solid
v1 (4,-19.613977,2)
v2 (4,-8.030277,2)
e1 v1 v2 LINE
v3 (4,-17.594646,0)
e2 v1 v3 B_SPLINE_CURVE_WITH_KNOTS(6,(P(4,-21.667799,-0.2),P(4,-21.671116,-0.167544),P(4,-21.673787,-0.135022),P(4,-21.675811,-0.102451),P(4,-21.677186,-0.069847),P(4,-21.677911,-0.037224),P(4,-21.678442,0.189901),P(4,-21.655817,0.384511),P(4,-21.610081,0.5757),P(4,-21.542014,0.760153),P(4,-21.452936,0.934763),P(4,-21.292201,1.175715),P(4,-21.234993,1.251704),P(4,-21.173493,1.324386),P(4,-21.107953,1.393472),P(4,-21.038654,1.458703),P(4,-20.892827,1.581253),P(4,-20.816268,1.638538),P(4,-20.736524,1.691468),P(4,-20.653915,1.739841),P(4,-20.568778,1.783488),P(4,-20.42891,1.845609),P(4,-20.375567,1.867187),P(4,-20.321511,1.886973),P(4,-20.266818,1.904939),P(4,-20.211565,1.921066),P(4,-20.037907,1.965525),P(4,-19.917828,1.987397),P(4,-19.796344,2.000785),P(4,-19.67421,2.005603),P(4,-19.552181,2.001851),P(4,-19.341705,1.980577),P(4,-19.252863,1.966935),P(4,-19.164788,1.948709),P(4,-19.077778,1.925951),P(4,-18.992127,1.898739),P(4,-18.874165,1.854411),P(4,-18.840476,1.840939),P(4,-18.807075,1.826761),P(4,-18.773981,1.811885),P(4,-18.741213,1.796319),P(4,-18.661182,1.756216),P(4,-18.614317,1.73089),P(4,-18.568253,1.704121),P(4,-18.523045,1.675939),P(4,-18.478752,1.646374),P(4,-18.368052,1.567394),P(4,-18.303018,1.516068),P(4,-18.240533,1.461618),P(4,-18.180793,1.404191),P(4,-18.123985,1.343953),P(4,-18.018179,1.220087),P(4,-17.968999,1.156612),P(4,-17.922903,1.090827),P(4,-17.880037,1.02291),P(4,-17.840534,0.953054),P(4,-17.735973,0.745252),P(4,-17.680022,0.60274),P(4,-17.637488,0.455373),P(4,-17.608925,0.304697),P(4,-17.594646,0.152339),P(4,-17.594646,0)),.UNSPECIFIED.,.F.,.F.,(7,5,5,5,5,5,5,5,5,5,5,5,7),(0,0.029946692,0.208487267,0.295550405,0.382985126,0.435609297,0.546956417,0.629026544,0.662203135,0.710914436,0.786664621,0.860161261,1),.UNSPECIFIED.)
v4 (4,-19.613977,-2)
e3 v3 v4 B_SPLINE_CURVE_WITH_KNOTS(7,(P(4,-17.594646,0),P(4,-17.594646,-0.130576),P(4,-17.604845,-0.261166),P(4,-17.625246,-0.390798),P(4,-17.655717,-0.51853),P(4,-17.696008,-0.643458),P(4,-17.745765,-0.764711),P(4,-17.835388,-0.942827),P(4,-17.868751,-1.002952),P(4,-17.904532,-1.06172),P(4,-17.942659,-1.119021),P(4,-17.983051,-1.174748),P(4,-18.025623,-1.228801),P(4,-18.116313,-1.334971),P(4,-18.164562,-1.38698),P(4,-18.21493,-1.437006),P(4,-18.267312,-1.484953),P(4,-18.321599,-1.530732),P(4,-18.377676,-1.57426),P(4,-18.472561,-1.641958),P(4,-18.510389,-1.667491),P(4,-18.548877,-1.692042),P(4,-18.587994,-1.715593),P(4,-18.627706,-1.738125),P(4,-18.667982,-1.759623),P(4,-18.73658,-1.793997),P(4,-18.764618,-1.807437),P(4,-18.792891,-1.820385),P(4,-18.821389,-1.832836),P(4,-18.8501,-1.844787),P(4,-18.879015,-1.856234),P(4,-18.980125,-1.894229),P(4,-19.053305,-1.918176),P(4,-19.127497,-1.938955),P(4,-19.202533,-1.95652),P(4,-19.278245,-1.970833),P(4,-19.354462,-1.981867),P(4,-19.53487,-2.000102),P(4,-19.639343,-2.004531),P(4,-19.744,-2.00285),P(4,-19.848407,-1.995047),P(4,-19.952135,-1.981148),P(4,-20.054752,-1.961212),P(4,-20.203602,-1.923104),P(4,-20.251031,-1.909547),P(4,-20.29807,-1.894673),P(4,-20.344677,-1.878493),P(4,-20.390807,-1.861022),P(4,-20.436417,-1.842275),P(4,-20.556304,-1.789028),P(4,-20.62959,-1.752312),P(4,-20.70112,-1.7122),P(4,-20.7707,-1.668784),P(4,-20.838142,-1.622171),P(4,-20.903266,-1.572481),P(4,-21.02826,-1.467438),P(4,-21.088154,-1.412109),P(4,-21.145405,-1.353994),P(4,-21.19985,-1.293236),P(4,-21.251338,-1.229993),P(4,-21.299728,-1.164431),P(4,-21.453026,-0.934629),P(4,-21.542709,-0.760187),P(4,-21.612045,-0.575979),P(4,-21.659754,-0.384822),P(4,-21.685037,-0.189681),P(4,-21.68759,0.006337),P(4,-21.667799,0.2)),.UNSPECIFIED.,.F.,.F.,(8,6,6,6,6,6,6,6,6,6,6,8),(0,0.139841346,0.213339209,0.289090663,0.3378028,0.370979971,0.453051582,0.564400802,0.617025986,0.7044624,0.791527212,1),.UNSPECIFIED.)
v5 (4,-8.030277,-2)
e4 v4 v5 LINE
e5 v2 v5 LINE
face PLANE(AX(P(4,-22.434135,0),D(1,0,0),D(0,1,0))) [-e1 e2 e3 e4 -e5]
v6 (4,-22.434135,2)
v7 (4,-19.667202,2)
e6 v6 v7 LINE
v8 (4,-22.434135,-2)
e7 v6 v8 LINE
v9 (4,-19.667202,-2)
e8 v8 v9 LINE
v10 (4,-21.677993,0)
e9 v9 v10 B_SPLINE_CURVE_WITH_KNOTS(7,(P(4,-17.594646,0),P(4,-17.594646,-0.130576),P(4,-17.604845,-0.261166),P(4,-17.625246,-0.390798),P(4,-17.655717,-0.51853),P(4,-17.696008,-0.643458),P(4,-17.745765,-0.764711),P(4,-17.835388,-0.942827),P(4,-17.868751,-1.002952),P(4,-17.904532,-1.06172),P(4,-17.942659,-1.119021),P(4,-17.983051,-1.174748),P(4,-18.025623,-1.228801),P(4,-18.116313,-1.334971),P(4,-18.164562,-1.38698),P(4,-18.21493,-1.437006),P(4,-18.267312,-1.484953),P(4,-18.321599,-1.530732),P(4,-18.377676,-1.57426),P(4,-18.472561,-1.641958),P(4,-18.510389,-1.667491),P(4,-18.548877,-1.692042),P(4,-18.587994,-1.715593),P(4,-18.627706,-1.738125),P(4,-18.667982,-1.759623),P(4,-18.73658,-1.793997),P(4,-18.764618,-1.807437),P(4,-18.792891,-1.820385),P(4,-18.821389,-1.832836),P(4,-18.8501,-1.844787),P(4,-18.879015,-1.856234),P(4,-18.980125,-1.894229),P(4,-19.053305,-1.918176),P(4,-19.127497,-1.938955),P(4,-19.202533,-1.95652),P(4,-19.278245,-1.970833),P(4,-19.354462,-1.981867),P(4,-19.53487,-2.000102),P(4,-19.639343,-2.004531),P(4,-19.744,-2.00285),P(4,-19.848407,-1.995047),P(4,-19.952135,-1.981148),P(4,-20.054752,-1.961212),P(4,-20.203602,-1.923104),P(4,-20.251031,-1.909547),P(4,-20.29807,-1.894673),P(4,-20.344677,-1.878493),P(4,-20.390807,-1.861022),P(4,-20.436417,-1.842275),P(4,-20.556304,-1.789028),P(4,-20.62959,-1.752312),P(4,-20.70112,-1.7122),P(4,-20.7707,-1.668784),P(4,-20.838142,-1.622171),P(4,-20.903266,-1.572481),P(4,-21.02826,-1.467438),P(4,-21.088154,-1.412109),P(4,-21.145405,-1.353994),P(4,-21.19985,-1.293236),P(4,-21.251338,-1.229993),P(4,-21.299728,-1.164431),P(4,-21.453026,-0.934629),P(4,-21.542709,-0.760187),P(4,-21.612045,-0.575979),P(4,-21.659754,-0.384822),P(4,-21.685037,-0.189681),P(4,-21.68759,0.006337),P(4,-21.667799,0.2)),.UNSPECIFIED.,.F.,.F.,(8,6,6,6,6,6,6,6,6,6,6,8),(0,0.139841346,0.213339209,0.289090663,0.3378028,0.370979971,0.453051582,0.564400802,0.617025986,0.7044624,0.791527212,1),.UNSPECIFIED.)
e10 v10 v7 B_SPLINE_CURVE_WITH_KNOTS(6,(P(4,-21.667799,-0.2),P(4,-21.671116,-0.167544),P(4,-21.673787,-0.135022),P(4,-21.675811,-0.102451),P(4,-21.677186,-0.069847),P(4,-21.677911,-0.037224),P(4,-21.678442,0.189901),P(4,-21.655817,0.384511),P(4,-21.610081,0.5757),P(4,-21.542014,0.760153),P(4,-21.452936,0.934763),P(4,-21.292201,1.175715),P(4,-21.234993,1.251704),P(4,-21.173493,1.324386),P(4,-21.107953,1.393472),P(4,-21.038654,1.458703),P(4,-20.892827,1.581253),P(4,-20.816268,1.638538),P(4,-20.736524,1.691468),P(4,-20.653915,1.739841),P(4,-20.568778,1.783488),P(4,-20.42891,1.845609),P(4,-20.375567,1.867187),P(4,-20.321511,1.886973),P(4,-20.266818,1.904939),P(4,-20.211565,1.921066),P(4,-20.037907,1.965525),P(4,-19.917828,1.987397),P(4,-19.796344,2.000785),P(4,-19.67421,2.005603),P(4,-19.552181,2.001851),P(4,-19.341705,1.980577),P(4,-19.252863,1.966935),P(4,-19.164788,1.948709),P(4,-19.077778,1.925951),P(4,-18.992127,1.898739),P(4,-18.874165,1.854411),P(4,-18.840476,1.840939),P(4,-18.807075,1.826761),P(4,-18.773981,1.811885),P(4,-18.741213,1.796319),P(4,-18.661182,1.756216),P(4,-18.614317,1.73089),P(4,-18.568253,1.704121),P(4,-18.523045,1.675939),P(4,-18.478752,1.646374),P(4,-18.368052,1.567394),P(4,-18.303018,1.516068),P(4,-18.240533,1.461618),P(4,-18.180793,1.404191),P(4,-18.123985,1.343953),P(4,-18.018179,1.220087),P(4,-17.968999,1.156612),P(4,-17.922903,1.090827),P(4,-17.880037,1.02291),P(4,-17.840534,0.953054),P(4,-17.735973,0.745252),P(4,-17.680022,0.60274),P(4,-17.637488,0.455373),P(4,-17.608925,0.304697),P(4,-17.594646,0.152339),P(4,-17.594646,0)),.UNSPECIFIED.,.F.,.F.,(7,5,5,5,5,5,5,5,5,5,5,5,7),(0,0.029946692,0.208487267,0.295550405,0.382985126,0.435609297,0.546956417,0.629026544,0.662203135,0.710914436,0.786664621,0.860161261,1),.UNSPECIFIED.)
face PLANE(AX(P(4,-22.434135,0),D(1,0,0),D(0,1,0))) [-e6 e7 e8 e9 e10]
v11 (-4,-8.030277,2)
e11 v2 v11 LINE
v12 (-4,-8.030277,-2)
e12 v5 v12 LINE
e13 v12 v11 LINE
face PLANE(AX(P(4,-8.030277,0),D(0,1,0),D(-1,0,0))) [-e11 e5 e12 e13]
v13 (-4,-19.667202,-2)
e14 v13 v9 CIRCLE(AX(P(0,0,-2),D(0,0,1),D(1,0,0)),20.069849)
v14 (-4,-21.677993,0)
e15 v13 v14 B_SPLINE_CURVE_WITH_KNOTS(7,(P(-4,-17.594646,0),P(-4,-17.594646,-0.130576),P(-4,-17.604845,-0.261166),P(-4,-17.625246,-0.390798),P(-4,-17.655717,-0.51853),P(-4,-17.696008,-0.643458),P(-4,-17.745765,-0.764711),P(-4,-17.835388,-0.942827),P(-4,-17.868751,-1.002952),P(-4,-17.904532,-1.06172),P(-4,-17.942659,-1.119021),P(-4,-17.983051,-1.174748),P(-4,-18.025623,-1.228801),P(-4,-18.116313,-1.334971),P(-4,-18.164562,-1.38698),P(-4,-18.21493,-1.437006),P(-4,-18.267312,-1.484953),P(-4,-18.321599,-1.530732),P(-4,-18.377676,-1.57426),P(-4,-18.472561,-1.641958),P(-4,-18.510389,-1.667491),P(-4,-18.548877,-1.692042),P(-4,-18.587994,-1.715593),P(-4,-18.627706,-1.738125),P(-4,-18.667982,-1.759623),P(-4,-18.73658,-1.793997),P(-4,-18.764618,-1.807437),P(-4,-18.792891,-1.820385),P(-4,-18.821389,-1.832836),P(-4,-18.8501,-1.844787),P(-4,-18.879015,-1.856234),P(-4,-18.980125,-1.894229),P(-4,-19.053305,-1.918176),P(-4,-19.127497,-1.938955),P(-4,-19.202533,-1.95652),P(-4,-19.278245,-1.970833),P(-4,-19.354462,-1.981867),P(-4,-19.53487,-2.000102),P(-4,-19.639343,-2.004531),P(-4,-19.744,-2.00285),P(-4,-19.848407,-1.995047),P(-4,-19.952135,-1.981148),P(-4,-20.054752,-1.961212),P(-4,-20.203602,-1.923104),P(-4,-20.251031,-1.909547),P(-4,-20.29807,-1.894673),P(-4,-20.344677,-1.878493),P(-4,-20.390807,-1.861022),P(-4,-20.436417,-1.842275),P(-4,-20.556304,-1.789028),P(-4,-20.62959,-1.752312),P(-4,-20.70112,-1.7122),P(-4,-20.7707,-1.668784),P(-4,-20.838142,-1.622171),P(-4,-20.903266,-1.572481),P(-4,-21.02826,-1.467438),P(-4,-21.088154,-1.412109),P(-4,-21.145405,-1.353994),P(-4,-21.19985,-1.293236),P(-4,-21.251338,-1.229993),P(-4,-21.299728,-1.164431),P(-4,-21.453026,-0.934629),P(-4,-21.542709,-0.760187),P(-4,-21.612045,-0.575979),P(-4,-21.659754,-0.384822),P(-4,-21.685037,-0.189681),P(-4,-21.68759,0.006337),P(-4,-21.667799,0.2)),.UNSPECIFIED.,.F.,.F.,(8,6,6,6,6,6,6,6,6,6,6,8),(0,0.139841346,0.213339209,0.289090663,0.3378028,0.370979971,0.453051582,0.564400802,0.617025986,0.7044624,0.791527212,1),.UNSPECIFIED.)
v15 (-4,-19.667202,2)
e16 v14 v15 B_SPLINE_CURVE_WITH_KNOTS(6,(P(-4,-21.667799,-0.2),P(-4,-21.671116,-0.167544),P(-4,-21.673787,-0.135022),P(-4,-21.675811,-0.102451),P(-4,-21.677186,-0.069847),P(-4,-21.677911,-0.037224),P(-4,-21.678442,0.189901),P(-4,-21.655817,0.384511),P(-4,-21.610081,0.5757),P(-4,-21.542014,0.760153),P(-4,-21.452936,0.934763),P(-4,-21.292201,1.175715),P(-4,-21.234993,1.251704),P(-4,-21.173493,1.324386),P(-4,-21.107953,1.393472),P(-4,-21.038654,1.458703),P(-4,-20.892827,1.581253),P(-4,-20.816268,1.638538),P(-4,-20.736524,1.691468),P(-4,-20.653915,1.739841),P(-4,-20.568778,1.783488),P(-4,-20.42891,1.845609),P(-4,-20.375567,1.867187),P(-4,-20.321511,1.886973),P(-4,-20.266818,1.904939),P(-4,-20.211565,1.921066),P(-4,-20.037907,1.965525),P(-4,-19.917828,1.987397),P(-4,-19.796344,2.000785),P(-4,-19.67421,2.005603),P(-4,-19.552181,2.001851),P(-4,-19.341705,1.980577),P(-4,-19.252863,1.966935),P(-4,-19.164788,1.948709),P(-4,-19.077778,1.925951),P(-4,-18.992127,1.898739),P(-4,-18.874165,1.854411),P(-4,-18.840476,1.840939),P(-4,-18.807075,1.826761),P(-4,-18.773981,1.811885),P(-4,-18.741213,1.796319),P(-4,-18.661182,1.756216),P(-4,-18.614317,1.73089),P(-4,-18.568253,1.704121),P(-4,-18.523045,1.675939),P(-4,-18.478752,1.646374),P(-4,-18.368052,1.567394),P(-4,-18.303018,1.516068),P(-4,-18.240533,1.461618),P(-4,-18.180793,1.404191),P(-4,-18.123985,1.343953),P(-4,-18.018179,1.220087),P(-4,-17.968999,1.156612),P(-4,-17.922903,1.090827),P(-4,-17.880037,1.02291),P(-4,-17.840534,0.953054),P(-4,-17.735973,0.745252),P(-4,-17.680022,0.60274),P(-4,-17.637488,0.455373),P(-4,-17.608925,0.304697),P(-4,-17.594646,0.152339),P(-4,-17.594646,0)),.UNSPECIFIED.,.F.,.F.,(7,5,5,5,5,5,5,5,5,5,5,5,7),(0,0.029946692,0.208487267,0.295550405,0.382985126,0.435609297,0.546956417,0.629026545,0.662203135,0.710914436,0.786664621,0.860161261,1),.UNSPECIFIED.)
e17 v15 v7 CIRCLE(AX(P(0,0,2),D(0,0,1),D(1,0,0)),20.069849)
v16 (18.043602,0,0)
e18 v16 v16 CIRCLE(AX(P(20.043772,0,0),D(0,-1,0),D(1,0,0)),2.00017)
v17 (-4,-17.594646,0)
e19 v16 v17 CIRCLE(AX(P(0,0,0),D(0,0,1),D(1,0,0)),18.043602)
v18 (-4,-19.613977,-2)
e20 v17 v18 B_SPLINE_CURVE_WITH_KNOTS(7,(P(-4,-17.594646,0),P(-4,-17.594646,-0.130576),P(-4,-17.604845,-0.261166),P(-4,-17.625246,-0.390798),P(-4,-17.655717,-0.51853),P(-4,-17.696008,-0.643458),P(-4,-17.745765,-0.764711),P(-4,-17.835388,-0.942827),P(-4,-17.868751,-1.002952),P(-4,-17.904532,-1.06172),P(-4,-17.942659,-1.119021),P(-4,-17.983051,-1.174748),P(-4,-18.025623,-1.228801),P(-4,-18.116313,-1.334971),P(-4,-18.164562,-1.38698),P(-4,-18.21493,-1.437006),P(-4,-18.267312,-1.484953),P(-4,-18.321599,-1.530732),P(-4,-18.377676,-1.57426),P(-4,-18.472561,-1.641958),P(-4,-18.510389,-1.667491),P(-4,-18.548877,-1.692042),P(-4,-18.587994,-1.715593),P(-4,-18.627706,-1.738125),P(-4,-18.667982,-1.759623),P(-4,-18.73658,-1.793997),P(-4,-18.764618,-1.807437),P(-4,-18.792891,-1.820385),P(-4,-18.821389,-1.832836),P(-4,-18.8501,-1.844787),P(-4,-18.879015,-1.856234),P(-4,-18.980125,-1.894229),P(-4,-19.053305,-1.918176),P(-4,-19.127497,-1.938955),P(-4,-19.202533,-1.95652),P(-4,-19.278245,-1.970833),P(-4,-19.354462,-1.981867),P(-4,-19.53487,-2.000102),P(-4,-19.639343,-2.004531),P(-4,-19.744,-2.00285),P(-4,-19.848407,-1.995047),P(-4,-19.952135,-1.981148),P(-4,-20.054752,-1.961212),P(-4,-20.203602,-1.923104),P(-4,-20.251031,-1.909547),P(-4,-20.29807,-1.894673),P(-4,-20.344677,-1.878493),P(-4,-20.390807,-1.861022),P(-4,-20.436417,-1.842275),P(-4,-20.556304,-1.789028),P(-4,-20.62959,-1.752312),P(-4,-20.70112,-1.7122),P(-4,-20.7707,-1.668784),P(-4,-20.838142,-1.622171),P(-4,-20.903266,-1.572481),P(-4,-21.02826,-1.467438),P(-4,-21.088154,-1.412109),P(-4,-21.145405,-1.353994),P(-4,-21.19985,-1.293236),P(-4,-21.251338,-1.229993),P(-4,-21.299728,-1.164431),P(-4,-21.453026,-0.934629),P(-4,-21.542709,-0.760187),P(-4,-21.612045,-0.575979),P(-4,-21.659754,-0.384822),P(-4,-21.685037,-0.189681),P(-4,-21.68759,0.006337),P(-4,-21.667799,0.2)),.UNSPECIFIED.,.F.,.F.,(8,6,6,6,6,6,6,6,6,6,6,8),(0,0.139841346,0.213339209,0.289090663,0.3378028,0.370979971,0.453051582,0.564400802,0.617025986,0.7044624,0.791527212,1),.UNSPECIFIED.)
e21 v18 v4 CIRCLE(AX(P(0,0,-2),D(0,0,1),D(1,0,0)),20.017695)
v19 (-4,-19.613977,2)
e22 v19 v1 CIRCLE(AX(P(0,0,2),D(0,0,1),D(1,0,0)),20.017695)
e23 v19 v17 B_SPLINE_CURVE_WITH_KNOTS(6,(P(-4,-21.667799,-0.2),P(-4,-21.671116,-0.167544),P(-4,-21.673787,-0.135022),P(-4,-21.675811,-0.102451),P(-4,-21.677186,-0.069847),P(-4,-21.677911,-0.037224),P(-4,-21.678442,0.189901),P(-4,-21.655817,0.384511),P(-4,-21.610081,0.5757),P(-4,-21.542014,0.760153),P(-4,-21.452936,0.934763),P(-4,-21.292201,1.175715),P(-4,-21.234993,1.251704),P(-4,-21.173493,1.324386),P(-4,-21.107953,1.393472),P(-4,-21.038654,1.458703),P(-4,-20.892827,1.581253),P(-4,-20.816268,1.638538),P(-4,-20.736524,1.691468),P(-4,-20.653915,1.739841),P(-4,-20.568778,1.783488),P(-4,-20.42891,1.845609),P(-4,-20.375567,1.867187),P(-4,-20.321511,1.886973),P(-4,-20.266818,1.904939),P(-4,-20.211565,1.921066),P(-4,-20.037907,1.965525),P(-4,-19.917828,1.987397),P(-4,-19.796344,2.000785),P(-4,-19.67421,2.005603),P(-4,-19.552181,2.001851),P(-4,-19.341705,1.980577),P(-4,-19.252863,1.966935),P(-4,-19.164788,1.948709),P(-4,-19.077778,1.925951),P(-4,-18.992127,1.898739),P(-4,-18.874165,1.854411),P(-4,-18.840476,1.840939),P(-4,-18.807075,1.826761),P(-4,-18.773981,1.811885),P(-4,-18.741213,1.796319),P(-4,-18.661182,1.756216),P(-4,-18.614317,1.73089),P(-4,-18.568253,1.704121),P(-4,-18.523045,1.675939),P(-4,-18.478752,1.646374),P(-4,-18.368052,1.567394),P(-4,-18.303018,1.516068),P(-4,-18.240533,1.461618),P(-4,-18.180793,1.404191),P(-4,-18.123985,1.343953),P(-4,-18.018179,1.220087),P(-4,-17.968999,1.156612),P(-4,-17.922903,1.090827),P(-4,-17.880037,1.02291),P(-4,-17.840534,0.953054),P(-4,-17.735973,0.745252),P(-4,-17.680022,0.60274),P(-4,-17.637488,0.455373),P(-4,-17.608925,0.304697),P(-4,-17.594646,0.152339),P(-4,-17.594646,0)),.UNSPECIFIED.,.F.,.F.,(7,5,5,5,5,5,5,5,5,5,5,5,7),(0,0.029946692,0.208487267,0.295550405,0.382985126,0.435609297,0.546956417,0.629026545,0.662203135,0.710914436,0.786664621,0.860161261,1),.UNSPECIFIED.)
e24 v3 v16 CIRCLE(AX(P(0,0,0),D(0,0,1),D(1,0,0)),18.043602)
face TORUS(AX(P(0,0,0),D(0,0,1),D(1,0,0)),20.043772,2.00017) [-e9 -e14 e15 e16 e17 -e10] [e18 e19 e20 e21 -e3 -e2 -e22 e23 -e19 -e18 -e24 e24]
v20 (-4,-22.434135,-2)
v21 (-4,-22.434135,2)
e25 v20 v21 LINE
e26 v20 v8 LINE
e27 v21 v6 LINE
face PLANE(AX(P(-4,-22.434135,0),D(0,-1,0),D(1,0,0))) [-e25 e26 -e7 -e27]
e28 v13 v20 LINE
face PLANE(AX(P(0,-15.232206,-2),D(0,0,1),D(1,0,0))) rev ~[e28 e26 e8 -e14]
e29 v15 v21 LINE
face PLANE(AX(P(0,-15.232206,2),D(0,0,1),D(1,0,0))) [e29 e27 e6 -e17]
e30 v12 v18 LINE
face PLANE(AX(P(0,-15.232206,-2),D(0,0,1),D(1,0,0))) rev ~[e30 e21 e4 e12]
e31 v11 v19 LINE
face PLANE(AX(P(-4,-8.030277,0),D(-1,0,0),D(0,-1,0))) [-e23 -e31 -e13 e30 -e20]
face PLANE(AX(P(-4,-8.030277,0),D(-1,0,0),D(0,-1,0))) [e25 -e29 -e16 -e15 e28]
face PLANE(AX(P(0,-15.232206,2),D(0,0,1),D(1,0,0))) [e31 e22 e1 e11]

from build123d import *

# Parameters (mm, degrees)
F1_R          = 2.00017
F4_DEPTH      = 2
F4_DEPTH_BACK = 2


with BuildPart() as f2:
    # F2: sweep along a path in F0
    with BuildLine(Plane.XY) as f2_path:
        CenterArc((0, 0), 18, 0, 360)
    # F1 (on Front) → F2 (sweep)
    with BuildSketch(Plane.XZ):
        with Locations((-20.043772, 0)):
            Circle(F1_R)
    sweep(path=f2_path.line)

    # F3 (on Top) → F4 (join, two sides)
    with BuildSketch(Plane.XY) as f4_sk:
        Polygon((4, -8.030277), (0, -8.030277), (-4, -8.030277), (-4, -19.934135), (-4, -22.434135), (4, -22.434135), (4, -19.934135), align=None)
    extrude(amount=F4_DEPTH)
    extrude(f4_sk.sketch, amount=-F4_DEPTH_BACK)


solid = f2.part
